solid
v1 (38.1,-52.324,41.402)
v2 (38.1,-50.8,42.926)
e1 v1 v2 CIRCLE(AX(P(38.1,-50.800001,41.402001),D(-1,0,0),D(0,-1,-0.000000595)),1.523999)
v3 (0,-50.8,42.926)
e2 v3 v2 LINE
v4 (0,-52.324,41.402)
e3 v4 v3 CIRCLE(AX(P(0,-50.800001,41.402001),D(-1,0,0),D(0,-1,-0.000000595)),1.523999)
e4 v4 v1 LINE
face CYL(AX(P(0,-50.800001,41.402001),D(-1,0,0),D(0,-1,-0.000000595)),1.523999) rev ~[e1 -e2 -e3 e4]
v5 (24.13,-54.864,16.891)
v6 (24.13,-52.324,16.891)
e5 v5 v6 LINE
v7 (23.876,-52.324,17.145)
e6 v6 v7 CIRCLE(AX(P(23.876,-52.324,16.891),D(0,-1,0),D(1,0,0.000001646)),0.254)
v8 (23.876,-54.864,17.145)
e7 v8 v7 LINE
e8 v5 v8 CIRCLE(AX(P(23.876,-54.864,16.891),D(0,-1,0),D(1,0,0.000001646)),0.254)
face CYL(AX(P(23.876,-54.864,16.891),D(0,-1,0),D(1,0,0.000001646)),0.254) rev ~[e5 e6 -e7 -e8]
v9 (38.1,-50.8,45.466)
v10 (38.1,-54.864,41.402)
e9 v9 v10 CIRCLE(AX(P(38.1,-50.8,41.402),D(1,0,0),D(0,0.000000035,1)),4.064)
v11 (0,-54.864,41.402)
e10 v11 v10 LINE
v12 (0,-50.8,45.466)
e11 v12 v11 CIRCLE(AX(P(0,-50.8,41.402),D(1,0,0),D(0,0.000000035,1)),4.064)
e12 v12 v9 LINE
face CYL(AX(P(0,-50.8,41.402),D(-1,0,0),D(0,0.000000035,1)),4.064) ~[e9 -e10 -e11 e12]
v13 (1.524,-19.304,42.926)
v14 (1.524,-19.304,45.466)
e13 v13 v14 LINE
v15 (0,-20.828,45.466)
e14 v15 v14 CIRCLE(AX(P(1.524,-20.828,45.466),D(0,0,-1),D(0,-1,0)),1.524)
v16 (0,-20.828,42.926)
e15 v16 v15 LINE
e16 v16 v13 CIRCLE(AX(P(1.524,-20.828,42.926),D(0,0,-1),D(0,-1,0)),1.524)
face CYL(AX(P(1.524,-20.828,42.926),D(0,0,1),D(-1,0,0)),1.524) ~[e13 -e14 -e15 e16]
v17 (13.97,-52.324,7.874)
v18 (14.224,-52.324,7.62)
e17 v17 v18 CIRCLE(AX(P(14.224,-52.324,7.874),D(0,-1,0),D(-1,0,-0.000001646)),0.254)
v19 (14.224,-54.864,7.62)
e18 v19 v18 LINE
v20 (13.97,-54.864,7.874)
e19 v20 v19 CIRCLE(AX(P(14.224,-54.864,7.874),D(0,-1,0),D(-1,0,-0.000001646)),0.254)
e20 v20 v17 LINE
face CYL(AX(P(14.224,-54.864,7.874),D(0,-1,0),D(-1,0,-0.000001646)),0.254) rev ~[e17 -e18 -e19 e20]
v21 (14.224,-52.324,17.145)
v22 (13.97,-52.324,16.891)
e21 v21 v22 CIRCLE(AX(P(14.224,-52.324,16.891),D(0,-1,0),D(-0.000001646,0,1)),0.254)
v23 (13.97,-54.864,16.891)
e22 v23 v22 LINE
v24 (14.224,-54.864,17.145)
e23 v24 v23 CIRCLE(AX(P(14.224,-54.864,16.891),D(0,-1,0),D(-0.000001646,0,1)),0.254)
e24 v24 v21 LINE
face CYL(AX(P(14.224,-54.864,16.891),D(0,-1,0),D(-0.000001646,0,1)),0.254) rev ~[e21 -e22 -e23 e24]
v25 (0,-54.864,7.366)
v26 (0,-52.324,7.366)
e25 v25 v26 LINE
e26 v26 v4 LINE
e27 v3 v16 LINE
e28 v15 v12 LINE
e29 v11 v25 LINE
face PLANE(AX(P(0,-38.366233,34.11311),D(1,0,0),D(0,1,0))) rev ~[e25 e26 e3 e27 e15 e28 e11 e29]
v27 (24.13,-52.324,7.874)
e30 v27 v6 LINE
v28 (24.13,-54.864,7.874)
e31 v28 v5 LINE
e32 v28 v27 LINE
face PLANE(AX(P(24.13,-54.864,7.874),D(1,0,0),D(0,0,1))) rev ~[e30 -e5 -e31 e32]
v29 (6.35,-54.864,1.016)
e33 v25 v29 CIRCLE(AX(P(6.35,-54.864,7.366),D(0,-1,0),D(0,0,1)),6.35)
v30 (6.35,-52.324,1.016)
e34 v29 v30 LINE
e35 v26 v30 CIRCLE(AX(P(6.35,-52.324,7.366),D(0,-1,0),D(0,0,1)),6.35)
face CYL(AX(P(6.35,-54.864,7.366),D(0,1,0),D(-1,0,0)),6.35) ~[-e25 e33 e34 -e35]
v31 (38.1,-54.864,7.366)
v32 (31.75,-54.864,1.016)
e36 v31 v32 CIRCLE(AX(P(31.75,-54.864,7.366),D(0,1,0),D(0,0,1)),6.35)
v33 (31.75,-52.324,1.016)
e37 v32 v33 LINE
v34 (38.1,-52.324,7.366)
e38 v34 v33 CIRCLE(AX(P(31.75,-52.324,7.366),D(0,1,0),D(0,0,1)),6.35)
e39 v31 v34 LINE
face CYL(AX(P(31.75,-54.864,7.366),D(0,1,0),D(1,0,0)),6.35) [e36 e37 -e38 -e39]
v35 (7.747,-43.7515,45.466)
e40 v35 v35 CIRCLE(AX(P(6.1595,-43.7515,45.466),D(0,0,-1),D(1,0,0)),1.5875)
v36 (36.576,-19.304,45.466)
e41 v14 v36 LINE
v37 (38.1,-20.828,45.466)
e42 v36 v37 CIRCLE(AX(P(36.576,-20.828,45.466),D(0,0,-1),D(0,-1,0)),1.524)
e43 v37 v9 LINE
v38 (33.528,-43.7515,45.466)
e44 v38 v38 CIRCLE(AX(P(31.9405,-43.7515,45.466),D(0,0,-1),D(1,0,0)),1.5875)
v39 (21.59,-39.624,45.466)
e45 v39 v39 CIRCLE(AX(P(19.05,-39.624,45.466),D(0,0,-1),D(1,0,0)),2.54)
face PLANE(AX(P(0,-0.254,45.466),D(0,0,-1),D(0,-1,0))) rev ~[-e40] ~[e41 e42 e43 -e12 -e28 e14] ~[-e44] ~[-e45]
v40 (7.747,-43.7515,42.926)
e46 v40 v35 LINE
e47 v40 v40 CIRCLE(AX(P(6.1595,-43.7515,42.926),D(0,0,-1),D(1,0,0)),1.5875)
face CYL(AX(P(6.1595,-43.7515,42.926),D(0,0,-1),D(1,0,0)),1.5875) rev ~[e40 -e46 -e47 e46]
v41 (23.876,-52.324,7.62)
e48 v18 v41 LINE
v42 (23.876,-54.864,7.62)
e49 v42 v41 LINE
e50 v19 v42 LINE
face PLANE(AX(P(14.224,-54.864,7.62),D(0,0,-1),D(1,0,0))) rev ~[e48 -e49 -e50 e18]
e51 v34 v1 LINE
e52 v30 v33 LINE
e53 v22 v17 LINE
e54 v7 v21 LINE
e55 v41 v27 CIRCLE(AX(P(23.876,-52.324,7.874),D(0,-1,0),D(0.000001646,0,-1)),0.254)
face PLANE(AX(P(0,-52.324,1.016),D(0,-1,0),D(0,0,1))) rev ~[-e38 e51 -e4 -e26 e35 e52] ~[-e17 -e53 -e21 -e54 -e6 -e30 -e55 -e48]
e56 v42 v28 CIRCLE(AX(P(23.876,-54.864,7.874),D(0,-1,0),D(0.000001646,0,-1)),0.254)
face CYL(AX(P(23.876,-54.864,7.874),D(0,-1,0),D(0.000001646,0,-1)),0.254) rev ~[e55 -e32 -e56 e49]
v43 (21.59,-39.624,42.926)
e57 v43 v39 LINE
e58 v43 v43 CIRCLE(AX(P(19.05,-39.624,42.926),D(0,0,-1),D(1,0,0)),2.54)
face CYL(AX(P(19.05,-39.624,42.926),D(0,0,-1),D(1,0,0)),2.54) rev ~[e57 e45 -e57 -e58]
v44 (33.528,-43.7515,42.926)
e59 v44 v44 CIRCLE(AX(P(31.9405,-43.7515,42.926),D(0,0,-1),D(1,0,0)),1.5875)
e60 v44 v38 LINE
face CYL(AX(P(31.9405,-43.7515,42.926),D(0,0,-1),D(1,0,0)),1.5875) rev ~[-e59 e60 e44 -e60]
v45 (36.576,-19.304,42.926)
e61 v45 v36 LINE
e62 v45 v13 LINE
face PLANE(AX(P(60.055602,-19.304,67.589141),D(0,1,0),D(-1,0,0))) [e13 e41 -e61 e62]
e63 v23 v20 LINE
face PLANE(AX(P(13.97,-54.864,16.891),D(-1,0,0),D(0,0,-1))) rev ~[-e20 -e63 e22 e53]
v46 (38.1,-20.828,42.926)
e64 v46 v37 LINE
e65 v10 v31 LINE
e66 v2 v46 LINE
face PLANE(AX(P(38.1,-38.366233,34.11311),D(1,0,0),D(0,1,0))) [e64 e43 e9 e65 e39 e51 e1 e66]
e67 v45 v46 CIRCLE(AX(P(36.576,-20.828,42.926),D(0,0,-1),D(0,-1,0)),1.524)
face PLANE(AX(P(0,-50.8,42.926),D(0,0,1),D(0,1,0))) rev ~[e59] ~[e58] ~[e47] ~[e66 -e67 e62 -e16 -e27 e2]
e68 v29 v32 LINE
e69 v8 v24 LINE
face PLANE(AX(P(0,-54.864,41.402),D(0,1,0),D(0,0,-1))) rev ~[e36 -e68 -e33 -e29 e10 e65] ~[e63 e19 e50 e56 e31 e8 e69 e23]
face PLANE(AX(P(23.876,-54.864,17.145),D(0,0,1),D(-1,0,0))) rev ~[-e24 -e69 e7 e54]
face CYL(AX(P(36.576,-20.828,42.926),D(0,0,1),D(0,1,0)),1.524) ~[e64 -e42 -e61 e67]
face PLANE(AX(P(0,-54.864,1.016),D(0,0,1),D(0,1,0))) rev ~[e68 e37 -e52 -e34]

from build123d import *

# Parameters (mm, degrees)
F1_DEPTH = 38.1
F2_R     = 1.524
F3_R     = 1.5875
F3_R_2   = 2.54
F4_DEPTH = 2.54
F6_DEPTH = 2.54
F7_R     = 6.35
F8_W     = 157.243733
F8_H     = 94.123651
F9_DEPTH = 19.05
F10_R    = 1.524


with BuildPart() as f1:
    # F0 (on Right) → F1 (new body)
    with BuildSketch(Plane.YZ):
        with BuildLine():
            Line((-54.864, 1.016), (-52.324, 1.016))
            Line((-52.324, 1.016), (-52.324, 41.402))
            ThreePointArc((-52.324, 41.402), (-51.877631, 42.479631), (-50.8, 42.926))
            Line((-50.8, 42.926), (-0.254, 42.926))
            Line((-0.254, 42.926), (-0.254, 45.466))
            Line((-0.254, 45.466), (-50.8, 45.466))
            ThreePointArc((-50.8, 45.466), (-53.673682, 44.275682), (-54.864, 41.402))
            Line((-54.864, 41.402), (-54.864, 1.016))
        make_face()
    extrude(amount=F1_DEPTH)

    # F2
    f2_edges = [f1.edges().sort_by_distance(p)[0] for p in [
        (0, -0.254, 44.196),
        (38.1, -0.254, 44.196),
    ]]
    fillet(f2_edges, radius=F2_R)

    # F3 (on face) → F4 (cut, through all)
    with BuildSketch(Plane(origin=(0, 0, 42.926), x_dir=(1, 0, 0), z_dir=(0, 0, -1))):
        with Locations((6.1595, 43.7515)):
            Circle(F3_R)
        with Locations((19.05, 39.624)):
            Circle(F3_R_2)
        with Locations((31.9405, 43.7515)):
            Circle(F3_R)
        with Locations((19.05, 7.874)):
            Circle(F3_R_2)
    extrude(amount=-F4_DEPTH, mode=Mode.SUBTRACT)

    # F5 (on face) → F6 (cut, through all)
    with BuildSketch(Plane.XZ.offset(54.864)):
        with BuildLine():
            ThreePointArc((13.97, 7.874), (14.044395, 7.694395), (14.224, 7.62))
            Line((14.224, 7.62), (23.876, 7.62))
            ThreePointArc((23.876, 7.62), (24.055605, 7.694395), (24.13, 7.874))
            Line((24.13, 7.874), (24.13, 16.891))
            ThreePointArc((24.13, 16.891), (24.055605, 17.070605), (23.876, 17.145))
            Line((23.876, 17.145), (14.224, 17.145))
            ThreePointArc((14.224, 17.145), (14.044395, 17.070605), (13.97, 16.891))
            Line((13.97, 16.891), (13.97, 7.874))
        make_face()
    extrude(amount=-F6_DEPTH, mode=Mode.SUBTRACT)

    # F7
    f7_edges = [f1.edges().sort_by_distance(p)[0] for p in [
        (38.1, -53.594, 1.016),
        (0, -53.594, 1.016),
    ]]
    fillet(f7_edges, radius=F7_R)

    # F8 (on face) → F9 (cut)
    with BuildSketch(Plane(origin=(0, -0.254, 0), x_dir=(-1, 0, 0), z_dir=(0, 1, 0))):
        with Locations((-60.055602, 67.589141)):
            Rectangle(F8_W, F8_H)
    extrude(amount=-F9_DEPTH, mode=Mode.SUBTRACT)

    # F10
    f10_edges = [f1.edges().sort_by_distance(p)[0] for p in [
        (38.1, -19.304, 44.196),
        (0, -19.304, 44.196),
    ]]
    fillet(f10_edges, radius=F10_R)


solid = f1.part
